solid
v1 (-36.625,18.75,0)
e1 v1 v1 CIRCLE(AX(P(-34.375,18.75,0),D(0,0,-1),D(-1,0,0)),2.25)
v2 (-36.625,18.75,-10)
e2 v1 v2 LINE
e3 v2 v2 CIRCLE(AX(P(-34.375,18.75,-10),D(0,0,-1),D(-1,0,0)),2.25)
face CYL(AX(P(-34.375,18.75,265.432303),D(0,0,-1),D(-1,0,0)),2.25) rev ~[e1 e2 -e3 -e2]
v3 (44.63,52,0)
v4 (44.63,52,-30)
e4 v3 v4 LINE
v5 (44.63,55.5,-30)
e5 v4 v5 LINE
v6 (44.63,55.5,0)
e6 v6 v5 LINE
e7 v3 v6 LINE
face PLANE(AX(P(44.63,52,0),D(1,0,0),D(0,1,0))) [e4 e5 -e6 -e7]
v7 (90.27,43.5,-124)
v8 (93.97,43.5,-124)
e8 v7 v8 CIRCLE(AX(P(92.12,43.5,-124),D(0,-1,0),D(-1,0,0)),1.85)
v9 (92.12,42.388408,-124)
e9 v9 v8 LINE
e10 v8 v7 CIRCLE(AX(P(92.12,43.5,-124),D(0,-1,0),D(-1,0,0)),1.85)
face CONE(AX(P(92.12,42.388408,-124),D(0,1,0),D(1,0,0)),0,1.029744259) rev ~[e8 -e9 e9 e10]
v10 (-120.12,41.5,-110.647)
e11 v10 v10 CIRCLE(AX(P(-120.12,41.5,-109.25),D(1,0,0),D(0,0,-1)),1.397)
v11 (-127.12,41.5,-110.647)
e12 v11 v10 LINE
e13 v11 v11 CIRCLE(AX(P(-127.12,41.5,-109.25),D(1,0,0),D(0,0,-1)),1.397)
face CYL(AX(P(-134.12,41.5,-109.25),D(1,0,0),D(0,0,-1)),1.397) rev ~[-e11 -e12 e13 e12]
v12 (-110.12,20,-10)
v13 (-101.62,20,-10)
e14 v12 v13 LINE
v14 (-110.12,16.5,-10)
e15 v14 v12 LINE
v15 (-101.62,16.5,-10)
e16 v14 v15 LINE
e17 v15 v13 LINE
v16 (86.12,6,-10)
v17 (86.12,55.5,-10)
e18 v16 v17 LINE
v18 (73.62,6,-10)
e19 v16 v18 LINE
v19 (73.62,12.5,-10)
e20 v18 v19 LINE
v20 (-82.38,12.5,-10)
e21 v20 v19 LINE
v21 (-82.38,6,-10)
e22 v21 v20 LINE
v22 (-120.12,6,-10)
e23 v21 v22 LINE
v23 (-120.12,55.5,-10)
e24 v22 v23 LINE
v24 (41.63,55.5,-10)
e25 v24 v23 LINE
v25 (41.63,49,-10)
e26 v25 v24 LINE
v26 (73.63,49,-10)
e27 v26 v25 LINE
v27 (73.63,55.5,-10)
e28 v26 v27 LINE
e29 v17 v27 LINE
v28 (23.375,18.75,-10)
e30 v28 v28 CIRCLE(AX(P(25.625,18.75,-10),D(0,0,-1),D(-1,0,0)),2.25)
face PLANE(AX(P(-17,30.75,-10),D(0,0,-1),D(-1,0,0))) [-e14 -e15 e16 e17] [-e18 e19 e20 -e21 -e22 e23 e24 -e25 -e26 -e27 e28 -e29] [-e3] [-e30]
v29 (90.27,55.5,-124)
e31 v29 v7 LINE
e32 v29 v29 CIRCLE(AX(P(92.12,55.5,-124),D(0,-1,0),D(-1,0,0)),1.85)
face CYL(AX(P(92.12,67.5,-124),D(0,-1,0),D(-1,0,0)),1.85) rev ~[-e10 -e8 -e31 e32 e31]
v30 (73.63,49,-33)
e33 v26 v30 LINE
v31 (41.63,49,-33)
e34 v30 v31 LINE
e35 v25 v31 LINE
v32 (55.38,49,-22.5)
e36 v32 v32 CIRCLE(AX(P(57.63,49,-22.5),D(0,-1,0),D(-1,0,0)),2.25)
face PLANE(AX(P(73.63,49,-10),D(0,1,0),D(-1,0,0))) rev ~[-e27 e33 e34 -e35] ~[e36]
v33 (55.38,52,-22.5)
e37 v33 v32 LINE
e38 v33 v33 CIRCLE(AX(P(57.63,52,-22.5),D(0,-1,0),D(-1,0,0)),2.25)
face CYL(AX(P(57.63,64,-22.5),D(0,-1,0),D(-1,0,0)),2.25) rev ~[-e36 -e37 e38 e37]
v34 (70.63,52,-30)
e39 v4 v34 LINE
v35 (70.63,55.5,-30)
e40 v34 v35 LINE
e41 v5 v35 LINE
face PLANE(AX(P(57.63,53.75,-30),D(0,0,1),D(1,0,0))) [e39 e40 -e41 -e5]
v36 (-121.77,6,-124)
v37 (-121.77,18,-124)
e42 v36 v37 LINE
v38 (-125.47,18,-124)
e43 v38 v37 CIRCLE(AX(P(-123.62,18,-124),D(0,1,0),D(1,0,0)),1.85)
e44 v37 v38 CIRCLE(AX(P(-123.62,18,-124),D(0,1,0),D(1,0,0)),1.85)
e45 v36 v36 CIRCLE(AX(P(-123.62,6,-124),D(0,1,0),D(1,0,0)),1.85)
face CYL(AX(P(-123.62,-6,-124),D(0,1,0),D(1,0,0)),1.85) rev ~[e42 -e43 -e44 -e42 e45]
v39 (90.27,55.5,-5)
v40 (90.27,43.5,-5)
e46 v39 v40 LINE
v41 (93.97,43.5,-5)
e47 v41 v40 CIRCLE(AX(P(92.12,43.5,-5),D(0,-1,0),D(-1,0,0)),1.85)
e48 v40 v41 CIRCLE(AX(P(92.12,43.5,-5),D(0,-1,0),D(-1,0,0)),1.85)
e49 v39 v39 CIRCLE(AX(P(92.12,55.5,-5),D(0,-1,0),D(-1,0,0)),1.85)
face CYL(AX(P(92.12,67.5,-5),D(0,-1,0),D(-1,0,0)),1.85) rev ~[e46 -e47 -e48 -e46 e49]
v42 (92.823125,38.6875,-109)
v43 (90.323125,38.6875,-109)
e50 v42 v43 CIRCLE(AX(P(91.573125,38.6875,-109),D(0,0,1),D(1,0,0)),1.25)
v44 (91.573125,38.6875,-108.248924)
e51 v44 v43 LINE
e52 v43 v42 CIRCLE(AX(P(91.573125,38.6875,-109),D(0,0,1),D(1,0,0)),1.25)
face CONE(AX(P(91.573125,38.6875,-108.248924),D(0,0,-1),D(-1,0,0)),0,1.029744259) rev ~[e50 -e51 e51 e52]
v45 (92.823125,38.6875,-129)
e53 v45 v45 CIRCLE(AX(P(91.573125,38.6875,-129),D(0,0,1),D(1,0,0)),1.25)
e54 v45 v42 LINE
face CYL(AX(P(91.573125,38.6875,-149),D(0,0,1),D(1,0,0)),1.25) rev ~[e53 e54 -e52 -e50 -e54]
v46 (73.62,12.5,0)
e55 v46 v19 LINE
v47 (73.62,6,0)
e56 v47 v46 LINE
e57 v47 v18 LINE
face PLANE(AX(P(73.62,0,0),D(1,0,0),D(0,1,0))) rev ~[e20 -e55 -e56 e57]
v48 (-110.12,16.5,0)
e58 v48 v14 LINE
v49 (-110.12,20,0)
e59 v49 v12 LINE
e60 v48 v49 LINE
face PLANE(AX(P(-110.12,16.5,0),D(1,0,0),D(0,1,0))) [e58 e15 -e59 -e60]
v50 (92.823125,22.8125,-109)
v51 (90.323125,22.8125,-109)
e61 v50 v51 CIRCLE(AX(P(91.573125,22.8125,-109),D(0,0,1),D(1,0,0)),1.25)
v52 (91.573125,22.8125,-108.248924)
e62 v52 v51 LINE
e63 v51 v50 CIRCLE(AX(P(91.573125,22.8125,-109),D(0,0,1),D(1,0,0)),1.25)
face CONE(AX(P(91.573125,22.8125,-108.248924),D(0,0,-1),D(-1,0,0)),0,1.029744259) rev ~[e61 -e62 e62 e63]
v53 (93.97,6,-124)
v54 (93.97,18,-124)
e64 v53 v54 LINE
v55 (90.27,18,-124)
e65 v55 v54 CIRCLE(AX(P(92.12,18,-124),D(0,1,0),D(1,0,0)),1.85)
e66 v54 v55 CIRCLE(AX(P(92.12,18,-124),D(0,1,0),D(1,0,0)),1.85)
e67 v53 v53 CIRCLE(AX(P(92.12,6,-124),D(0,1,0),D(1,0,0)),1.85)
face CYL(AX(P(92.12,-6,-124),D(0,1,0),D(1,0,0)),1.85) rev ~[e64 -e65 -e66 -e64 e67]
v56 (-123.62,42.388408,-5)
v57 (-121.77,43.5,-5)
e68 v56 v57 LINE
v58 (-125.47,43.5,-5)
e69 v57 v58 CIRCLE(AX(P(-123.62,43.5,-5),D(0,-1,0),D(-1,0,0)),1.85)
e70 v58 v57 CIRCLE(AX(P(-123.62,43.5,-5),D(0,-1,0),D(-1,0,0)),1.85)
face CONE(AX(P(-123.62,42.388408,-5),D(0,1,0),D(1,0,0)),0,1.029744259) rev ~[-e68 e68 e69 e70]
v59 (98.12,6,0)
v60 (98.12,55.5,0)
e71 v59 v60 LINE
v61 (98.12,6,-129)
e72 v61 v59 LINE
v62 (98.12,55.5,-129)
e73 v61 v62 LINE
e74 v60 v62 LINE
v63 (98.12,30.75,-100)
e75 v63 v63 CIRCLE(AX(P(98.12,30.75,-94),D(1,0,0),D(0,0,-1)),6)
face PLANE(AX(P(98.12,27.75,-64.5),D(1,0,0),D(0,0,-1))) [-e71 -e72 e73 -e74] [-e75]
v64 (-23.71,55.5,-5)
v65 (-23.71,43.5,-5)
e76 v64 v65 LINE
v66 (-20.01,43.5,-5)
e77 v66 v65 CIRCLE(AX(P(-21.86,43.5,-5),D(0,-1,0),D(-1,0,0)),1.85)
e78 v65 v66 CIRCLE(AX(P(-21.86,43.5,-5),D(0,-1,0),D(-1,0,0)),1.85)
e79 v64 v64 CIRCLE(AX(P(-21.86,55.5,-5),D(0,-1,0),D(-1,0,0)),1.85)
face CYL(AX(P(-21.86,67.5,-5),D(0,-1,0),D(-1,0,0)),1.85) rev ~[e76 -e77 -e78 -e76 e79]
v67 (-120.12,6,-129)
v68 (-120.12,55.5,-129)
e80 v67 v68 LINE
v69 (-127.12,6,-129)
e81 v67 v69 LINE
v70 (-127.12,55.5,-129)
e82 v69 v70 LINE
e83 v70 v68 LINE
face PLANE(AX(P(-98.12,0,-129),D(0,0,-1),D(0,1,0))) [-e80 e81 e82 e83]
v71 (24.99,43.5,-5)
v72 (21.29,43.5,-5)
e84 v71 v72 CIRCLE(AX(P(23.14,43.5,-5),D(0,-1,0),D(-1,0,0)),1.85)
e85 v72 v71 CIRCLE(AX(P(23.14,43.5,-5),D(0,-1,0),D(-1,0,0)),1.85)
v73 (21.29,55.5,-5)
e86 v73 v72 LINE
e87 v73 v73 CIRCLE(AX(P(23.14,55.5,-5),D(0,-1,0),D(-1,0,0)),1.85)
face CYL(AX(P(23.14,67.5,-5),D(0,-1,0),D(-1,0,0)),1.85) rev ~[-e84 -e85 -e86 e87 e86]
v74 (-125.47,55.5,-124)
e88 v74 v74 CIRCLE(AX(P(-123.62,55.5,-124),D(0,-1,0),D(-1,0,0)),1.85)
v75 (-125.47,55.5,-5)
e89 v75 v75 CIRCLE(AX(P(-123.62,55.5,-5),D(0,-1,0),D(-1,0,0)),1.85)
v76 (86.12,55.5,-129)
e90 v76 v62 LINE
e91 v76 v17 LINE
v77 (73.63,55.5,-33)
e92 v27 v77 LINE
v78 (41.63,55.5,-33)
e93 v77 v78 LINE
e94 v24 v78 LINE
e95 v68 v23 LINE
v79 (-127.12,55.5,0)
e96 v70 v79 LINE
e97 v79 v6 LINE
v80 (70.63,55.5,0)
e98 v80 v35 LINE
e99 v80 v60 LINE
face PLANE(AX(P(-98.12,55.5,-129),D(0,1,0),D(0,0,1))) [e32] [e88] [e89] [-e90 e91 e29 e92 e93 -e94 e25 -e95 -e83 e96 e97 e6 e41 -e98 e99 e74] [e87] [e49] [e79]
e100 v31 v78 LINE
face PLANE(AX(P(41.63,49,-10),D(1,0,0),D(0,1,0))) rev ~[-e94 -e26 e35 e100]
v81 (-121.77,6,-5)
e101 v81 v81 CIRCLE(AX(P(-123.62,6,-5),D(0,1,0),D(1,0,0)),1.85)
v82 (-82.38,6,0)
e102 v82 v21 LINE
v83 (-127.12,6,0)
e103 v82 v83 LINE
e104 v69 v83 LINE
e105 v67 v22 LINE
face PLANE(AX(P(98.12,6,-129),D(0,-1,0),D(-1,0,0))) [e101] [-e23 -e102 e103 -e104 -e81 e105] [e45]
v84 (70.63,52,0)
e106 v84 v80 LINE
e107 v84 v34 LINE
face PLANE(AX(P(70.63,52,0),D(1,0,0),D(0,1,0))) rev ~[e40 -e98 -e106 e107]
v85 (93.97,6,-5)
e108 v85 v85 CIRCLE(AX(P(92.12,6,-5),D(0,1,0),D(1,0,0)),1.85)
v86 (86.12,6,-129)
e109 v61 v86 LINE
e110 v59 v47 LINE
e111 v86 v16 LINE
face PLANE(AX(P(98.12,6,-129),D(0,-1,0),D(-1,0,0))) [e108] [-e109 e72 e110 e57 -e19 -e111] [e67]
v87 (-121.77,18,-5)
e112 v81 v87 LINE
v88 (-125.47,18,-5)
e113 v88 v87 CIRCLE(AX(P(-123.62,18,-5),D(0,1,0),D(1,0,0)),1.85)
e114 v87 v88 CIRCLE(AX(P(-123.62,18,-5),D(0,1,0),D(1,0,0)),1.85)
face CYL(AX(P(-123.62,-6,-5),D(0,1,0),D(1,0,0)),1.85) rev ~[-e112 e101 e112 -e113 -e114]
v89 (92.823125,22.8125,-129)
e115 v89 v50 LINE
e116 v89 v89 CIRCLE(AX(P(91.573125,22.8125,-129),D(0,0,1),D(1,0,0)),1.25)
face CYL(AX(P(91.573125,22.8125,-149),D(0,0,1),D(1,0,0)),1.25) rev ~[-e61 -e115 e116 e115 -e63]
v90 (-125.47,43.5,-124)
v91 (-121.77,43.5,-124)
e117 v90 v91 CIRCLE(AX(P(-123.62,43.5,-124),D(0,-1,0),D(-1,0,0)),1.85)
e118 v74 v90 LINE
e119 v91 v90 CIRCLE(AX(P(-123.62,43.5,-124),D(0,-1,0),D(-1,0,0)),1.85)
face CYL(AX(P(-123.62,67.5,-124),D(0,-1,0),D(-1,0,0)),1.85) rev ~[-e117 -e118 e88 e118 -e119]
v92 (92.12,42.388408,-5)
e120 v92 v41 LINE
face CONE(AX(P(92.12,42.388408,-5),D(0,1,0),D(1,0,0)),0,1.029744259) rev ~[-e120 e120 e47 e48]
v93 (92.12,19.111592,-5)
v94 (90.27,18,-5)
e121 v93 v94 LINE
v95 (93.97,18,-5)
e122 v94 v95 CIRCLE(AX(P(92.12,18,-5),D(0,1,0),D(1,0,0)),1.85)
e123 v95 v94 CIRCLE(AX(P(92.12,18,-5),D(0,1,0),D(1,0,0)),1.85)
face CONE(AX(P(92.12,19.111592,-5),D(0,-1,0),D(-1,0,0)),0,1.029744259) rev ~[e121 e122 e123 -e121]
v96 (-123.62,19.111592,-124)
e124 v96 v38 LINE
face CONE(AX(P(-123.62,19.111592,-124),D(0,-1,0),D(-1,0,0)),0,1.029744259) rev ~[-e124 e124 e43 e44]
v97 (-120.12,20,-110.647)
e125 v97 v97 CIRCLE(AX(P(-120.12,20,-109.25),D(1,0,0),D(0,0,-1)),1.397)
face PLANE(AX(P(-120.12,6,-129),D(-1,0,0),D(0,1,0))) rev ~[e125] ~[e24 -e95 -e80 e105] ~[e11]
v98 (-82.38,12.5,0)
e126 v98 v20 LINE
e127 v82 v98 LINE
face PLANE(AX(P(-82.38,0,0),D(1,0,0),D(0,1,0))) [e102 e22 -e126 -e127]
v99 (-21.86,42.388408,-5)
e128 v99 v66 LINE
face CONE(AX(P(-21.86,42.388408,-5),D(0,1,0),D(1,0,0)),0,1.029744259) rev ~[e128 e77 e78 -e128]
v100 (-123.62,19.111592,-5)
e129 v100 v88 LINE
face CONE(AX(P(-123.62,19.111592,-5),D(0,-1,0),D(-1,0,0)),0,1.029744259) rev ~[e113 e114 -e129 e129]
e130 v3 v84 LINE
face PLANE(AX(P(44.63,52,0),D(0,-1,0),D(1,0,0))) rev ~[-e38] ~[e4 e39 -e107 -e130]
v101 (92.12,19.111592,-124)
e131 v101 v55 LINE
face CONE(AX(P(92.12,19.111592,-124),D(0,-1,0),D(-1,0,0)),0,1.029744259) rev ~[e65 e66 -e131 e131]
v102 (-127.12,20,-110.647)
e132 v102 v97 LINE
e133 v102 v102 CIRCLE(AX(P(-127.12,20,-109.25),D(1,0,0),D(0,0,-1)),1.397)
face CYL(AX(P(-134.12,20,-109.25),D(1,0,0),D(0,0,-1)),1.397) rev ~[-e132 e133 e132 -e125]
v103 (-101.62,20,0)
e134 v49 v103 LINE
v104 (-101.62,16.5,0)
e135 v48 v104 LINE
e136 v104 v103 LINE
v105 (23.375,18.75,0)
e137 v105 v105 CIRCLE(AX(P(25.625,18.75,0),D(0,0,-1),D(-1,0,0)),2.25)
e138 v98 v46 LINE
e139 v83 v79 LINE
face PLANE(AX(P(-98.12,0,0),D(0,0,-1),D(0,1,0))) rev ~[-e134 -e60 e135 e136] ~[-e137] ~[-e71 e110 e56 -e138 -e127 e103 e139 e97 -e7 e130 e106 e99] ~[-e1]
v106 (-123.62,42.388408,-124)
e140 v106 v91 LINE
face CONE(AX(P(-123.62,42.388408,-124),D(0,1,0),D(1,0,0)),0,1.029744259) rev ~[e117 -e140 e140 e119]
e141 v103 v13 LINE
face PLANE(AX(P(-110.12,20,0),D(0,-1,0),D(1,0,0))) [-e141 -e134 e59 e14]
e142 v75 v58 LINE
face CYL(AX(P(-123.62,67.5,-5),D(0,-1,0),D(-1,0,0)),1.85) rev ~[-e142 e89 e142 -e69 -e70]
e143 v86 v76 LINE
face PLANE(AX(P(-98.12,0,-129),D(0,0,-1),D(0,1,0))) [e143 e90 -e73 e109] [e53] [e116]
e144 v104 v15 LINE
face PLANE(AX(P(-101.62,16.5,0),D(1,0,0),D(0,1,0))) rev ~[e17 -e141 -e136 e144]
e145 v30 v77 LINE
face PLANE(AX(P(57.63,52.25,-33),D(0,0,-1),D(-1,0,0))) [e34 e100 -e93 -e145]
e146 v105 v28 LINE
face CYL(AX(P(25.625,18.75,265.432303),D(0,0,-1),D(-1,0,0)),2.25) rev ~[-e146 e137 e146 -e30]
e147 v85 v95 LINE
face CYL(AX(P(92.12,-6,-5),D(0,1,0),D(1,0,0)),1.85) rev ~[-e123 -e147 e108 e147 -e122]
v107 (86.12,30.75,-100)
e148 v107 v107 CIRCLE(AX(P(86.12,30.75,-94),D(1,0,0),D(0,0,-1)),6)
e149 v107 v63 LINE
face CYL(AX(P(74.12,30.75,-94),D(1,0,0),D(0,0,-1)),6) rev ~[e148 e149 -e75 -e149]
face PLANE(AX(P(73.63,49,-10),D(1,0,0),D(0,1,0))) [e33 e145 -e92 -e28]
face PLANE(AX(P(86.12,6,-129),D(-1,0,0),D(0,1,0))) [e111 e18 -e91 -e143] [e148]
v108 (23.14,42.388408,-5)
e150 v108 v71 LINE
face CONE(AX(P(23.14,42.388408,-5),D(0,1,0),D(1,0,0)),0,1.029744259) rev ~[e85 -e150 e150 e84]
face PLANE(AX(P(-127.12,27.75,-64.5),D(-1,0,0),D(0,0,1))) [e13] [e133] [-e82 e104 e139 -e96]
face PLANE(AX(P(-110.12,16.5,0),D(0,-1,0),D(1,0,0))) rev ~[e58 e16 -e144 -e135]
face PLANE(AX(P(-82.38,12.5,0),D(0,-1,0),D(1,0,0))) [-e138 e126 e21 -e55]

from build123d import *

# Parameters (mm, degrees)
SKETCH1_W                      = 129
SKETCH1_H                      = 55.5
BOSS_EXTRUDE1_DEPTH            = 98.12
SKETCH18_W                     = 129
SKETCH18_H                     = 55.5
BOSS_EXTRUDE9_DEPTH            = 29
SKETCH33_W                     = 156
SKETCH33_H                     = 12.5
CUT_EXTRUDE8_DEPTH             = 20.5
SKETCH40_W                     = 206.24
SKETCH40_H                     = 49.5
CUT_EXTRUDE9_DEPTH             = 119
CUT_EXTRUDE18_REACH            = 191.422
SKETCH62_W                     = 8.5
SKETCH62_H                     = 3.5
M4_CLEARANCE_HOLE2_D           = 4.5
F_2_0_221_DIAMETER_HOLE1_D     = 2.50000008
F_2_0_221_DIAMETER_HOLE1_DEPTH = 20
F_2_0_221_DIAMETER_HOLE1_TIP   = 0.751075798
SKETCH70_W                     = 32
SKETCH70_H                     = 6.5
BOSS_EXTRUDE10_DEPTH           = 23
SKETCH71_W                     = 26
SKETCH71_H                     = 3.5
CUT_EXTRUDE19_DEPTH            = 30
SKETCH73_W                     = 225.24
SKETCH73_H                     = 6
CUT_EXTRUDE20_DEPTH            = 190.422132815
F_3_7_3_7_DIAMETER_HOLE1_D     = 3.7
F_3_7_3_7_DIAMETER_HOLE1_DEPTH = 12
F_3_7_3_7_DIAMETER_HOLE1_TIP   = 1.111592145
F_3_7_3_7_DIAMETER_HOLE2_D     = 3.7
F_3_7_3_7_DIAMETER_HOLE2_DEPTH = 12
F_3_7_3_7_DIAMETER_HOLE2_TIP   = 1.111592145
M4_CLEARANCE_HOLE3_D           = 4.5
M4_CLEARANCE_HOLE3_DEPTH       = 12
M4_CLEARANCE_HOLE3_TIP         = 1.351936393
F_3_CLEARANCE_HOLE1_D          = 2.794
F_3_CLEARANCE_HOLE1_DEPTH      = 7
F_12_0MM_DOWEL_HOLE1_D         = 12
F_12_0MM_DOWEL_HOLE1_DEPTH     = 12


with BuildPart() as part:
    # Sketch1 → Boss-Extrude1 (new, symmetric)
    with BuildSketch(Plane(origin=(0, 0, 0), x_dir=(0, 0, -1), z_dir=(1, 0, 0))):
        with Locations((64.5, 27.75)):
            Rectangle(SKETCH1_W, SKETCH1_H)
    extrude(amount=BOSS_EXTRUDE1_DEPTH, both=True)

    # Sketch18 → Boss-Extrude9 (add)
    with BuildSketch(Plane.ZY.offset(98.12)):
        with Locations((-64.5, 27.75)):
            Rectangle(SKETCH18_W, SKETCH18_H)
    extrude(amount=BOSS_EXTRUDE9_DEPTH)

    # Sketch33 → Cut-Extrude8 (cut)
    with BuildSketch(Plane.XY):
        with Locations((-4.38, 6.25)):
            Rectangle(SKETCH33_W, SKETCH33_H)
    extrude(amount=-CUT_EXTRUDE8_DEPTH, mode=Mode.SUBTRACT)

    # Sketch40 → Cut-Extrude9 (cut)
    with BuildSketch(Plane(origin=(0, 0, -129), x_dir=(-1, 0, 0), z_dir=(0, 0, -1))):
        with Locations((17, 30.75)):
            Rectangle(SKETCH40_W, SKETCH40_H)
    extrude(amount=-CUT_EXTRUDE9_DEPTH, mode=Mode.SUBTRACT)

    # Sketch62 → Cut-Extrude18 (cut, up to next)
    with BuildSketch(Plane.XY, mode=Mode.PRIVATE) as cut_extrude18_sk1:
        with Locations((-105.87, 18.25)):
            Rectangle(SKETCH62_W, SKETCH62_H)
    cut_extrude18_tool1 = extrude(cut_extrude18_sk1.sketch, amount=-CUT_EXTRUDE18_REACH, mode=Mode.PRIVATE) & part.part
    add(cut_extrude18_tool1.solids().sort_by_distance((-105.87, 18.25, 0))[0], mode=Mode.SUBTRACT)

    # M4 Clearance Hole2 (through all)
    with Locations(Plane.XY):
        with Locations((-34.375, 18.75), (25.625, 18.75)):
            Hole(M4_CLEARANCE_HOLE2_D / 2)

    # #2 (0.221) Diameter Hole1
    with Locations(Plane(origin=(0, 0, -129), x_dir=(-1, 0, 0), z_dir=(0, 0, -1))):
        with Locations((-91.573125, 38.6875), (-91.573125, 22.8125)):
            Hole(F_2_0_221_DIAMETER_HOLE1_D / 2, depth=F_2_0_221_DIAMETER_HOLE1_DEPTH)
            with Locations((0, 0, -(F_2_0_221_DIAMETER_HOLE1_DEPTH + F_2_0_221_DIAMETER_HOLE1_TIP / 2))):  # 118° drill point
                Cone(0, F_2_0_221_DIAMETER_HOLE1_D / 2, F_2_0_221_DIAMETER_HOLE1_TIP, mode=Mode.SUBTRACT)

    # Sketch70 → Boss-Extrude10 (add)
    with BuildSketch(Plane(origin=(0, 0, -10), x_dir=(-1, 0, 0), z_dir=(0, 0, -1))):
        with Locations((-57.63, 52.25)):
            Rectangle(SKETCH70_W, SKETCH70_H)
    extrude(amount=BOSS_EXTRUDE10_DEPTH)

    # Sketch71 → Cut-Extrude19 (cut)
    with BuildSketch(Plane.XY):
        with Locations((57.63, 53.75)):
            Rectangle(SKETCH71_W, SKETCH71_H)
    extrude(amount=-CUT_EXTRUDE19_DEPTH, mode=Mode.SUBTRACT)

    # Sketch73 → Cut-Extrude20 (cut, through all)
    with BuildSketch(Plane(origin=(0, 0, -129), x_dir=(-1, 0, 0), z_dir=(0, 0, -1))):
        with Locations((14.5, 3)):
            Rectangle(SKETCH73_W, SKETCH73_H)
    extrude(amount=-CUT_EXTRUDE20_DEPTH, mode=Mode.SUBTRACT)

    # Ø3.7 (3.7) Diameter Hole1
    with Locations(Plane(origin=(0, 55.5, 0), x_dir=(1, 0, 0), z_dir=(0, 1, 0))):
        with Locations((92.12, 124), (92.12, 5), (-123.62, 124), (-123.62, 5), (23.14, 5), (-21.86, 5)):
            Hole(F_3_7_3_7_DIAMETER_HOLE1_D / 2, depth=F_3_7_3_7_DIAMETER_HOLE1_DEPTH)
            with Locations((0, 0, -(F_3_7_3_7_DIAMETER_HOLE1_DEPTH + F_3_7_3_7_DIAMETER_HOLE1_TIP / 2))):  # 118° drill point
                Cone(0, F_3_7_3_7_DIAMETER_HOLE1_D / 2, F_3_7_3_7_DIAMETER_HOLE1_TIP, mode=Mode.SUBTRACT)

    # Ø3.7 (3.7) Diameter Hole2
    with Locations(Plane(origin=(0, 6, 0), x_dir=(-1, 0, 0), z_dir=(0, -1, 0))):
        with Locations((-92.12, 124), (-92.12, 5), (123.62, 5), (123.62, 124)):
            Hole(F_3_7_3_7_DIAMETER_HOLE2_D / 2, depth=F_3_7_3_7_DIAMETER_HOLE2_DEPTH)
            with Locations((0, 0, -(F_3_7_3_7_DIAMETER_HOLE2_DEPTH + F_3_7_3_7_DIAMETER_HOLE2_TIP / 2))):  # 118° drill point
                Cone(0, F_3_7_3_7_DIAMETER_HOLE2_D / 2, F_3_7_3_7_DIAMETER_HOLE2_TIP, mode=Mode.SUBTRACT)

    # M4 Clearance Hole3
    with Locations(Plane(origin=(0, 52, 0), x_dir=(1, 0, 0), z_dir=(0, 1, 0))):
        with Locations((57.63, 22.5)):
            Hole(M4_CLEARANCE_HOLE3_D / 2, depth=M4_CLEARANCE_HOLE3_DEPTH)
            with Locations((0, 0, -(M4_CLEARANCE_HOLE3_DEPTH + M4_CLEARANCE_HOLE3_TIP / 2))):  # 118° drill point
                Cone(0, M4_CLEARANCE_HOLE3_D / 2, M4_CLEARANCE_HOLE3_TIP, mode=Mode.SUBTRACT)

    # #3 Clearance Hole1
    with Locations(Plane.ZY.offset(127.12)):
        with Locations((-109.25, 41.5), (-109.25, 20)):
            Hole(F_3_CLEARANCE_HOLE1_D / 2, depth=F_3_CLEARANCE_HOLE1_DEPTH)

    # Ø12.0mm Dowel Hole1
    with Locations(Plane.ZY.offset(-86.12)):
        with Locations((-94, 30.75)):
            Hole(F_12_0MM_DOWEL_HOLE1_D / 2, depth=F_12_0MM_DOWEL_HOLE1_DEPTH)


solid = part.part
